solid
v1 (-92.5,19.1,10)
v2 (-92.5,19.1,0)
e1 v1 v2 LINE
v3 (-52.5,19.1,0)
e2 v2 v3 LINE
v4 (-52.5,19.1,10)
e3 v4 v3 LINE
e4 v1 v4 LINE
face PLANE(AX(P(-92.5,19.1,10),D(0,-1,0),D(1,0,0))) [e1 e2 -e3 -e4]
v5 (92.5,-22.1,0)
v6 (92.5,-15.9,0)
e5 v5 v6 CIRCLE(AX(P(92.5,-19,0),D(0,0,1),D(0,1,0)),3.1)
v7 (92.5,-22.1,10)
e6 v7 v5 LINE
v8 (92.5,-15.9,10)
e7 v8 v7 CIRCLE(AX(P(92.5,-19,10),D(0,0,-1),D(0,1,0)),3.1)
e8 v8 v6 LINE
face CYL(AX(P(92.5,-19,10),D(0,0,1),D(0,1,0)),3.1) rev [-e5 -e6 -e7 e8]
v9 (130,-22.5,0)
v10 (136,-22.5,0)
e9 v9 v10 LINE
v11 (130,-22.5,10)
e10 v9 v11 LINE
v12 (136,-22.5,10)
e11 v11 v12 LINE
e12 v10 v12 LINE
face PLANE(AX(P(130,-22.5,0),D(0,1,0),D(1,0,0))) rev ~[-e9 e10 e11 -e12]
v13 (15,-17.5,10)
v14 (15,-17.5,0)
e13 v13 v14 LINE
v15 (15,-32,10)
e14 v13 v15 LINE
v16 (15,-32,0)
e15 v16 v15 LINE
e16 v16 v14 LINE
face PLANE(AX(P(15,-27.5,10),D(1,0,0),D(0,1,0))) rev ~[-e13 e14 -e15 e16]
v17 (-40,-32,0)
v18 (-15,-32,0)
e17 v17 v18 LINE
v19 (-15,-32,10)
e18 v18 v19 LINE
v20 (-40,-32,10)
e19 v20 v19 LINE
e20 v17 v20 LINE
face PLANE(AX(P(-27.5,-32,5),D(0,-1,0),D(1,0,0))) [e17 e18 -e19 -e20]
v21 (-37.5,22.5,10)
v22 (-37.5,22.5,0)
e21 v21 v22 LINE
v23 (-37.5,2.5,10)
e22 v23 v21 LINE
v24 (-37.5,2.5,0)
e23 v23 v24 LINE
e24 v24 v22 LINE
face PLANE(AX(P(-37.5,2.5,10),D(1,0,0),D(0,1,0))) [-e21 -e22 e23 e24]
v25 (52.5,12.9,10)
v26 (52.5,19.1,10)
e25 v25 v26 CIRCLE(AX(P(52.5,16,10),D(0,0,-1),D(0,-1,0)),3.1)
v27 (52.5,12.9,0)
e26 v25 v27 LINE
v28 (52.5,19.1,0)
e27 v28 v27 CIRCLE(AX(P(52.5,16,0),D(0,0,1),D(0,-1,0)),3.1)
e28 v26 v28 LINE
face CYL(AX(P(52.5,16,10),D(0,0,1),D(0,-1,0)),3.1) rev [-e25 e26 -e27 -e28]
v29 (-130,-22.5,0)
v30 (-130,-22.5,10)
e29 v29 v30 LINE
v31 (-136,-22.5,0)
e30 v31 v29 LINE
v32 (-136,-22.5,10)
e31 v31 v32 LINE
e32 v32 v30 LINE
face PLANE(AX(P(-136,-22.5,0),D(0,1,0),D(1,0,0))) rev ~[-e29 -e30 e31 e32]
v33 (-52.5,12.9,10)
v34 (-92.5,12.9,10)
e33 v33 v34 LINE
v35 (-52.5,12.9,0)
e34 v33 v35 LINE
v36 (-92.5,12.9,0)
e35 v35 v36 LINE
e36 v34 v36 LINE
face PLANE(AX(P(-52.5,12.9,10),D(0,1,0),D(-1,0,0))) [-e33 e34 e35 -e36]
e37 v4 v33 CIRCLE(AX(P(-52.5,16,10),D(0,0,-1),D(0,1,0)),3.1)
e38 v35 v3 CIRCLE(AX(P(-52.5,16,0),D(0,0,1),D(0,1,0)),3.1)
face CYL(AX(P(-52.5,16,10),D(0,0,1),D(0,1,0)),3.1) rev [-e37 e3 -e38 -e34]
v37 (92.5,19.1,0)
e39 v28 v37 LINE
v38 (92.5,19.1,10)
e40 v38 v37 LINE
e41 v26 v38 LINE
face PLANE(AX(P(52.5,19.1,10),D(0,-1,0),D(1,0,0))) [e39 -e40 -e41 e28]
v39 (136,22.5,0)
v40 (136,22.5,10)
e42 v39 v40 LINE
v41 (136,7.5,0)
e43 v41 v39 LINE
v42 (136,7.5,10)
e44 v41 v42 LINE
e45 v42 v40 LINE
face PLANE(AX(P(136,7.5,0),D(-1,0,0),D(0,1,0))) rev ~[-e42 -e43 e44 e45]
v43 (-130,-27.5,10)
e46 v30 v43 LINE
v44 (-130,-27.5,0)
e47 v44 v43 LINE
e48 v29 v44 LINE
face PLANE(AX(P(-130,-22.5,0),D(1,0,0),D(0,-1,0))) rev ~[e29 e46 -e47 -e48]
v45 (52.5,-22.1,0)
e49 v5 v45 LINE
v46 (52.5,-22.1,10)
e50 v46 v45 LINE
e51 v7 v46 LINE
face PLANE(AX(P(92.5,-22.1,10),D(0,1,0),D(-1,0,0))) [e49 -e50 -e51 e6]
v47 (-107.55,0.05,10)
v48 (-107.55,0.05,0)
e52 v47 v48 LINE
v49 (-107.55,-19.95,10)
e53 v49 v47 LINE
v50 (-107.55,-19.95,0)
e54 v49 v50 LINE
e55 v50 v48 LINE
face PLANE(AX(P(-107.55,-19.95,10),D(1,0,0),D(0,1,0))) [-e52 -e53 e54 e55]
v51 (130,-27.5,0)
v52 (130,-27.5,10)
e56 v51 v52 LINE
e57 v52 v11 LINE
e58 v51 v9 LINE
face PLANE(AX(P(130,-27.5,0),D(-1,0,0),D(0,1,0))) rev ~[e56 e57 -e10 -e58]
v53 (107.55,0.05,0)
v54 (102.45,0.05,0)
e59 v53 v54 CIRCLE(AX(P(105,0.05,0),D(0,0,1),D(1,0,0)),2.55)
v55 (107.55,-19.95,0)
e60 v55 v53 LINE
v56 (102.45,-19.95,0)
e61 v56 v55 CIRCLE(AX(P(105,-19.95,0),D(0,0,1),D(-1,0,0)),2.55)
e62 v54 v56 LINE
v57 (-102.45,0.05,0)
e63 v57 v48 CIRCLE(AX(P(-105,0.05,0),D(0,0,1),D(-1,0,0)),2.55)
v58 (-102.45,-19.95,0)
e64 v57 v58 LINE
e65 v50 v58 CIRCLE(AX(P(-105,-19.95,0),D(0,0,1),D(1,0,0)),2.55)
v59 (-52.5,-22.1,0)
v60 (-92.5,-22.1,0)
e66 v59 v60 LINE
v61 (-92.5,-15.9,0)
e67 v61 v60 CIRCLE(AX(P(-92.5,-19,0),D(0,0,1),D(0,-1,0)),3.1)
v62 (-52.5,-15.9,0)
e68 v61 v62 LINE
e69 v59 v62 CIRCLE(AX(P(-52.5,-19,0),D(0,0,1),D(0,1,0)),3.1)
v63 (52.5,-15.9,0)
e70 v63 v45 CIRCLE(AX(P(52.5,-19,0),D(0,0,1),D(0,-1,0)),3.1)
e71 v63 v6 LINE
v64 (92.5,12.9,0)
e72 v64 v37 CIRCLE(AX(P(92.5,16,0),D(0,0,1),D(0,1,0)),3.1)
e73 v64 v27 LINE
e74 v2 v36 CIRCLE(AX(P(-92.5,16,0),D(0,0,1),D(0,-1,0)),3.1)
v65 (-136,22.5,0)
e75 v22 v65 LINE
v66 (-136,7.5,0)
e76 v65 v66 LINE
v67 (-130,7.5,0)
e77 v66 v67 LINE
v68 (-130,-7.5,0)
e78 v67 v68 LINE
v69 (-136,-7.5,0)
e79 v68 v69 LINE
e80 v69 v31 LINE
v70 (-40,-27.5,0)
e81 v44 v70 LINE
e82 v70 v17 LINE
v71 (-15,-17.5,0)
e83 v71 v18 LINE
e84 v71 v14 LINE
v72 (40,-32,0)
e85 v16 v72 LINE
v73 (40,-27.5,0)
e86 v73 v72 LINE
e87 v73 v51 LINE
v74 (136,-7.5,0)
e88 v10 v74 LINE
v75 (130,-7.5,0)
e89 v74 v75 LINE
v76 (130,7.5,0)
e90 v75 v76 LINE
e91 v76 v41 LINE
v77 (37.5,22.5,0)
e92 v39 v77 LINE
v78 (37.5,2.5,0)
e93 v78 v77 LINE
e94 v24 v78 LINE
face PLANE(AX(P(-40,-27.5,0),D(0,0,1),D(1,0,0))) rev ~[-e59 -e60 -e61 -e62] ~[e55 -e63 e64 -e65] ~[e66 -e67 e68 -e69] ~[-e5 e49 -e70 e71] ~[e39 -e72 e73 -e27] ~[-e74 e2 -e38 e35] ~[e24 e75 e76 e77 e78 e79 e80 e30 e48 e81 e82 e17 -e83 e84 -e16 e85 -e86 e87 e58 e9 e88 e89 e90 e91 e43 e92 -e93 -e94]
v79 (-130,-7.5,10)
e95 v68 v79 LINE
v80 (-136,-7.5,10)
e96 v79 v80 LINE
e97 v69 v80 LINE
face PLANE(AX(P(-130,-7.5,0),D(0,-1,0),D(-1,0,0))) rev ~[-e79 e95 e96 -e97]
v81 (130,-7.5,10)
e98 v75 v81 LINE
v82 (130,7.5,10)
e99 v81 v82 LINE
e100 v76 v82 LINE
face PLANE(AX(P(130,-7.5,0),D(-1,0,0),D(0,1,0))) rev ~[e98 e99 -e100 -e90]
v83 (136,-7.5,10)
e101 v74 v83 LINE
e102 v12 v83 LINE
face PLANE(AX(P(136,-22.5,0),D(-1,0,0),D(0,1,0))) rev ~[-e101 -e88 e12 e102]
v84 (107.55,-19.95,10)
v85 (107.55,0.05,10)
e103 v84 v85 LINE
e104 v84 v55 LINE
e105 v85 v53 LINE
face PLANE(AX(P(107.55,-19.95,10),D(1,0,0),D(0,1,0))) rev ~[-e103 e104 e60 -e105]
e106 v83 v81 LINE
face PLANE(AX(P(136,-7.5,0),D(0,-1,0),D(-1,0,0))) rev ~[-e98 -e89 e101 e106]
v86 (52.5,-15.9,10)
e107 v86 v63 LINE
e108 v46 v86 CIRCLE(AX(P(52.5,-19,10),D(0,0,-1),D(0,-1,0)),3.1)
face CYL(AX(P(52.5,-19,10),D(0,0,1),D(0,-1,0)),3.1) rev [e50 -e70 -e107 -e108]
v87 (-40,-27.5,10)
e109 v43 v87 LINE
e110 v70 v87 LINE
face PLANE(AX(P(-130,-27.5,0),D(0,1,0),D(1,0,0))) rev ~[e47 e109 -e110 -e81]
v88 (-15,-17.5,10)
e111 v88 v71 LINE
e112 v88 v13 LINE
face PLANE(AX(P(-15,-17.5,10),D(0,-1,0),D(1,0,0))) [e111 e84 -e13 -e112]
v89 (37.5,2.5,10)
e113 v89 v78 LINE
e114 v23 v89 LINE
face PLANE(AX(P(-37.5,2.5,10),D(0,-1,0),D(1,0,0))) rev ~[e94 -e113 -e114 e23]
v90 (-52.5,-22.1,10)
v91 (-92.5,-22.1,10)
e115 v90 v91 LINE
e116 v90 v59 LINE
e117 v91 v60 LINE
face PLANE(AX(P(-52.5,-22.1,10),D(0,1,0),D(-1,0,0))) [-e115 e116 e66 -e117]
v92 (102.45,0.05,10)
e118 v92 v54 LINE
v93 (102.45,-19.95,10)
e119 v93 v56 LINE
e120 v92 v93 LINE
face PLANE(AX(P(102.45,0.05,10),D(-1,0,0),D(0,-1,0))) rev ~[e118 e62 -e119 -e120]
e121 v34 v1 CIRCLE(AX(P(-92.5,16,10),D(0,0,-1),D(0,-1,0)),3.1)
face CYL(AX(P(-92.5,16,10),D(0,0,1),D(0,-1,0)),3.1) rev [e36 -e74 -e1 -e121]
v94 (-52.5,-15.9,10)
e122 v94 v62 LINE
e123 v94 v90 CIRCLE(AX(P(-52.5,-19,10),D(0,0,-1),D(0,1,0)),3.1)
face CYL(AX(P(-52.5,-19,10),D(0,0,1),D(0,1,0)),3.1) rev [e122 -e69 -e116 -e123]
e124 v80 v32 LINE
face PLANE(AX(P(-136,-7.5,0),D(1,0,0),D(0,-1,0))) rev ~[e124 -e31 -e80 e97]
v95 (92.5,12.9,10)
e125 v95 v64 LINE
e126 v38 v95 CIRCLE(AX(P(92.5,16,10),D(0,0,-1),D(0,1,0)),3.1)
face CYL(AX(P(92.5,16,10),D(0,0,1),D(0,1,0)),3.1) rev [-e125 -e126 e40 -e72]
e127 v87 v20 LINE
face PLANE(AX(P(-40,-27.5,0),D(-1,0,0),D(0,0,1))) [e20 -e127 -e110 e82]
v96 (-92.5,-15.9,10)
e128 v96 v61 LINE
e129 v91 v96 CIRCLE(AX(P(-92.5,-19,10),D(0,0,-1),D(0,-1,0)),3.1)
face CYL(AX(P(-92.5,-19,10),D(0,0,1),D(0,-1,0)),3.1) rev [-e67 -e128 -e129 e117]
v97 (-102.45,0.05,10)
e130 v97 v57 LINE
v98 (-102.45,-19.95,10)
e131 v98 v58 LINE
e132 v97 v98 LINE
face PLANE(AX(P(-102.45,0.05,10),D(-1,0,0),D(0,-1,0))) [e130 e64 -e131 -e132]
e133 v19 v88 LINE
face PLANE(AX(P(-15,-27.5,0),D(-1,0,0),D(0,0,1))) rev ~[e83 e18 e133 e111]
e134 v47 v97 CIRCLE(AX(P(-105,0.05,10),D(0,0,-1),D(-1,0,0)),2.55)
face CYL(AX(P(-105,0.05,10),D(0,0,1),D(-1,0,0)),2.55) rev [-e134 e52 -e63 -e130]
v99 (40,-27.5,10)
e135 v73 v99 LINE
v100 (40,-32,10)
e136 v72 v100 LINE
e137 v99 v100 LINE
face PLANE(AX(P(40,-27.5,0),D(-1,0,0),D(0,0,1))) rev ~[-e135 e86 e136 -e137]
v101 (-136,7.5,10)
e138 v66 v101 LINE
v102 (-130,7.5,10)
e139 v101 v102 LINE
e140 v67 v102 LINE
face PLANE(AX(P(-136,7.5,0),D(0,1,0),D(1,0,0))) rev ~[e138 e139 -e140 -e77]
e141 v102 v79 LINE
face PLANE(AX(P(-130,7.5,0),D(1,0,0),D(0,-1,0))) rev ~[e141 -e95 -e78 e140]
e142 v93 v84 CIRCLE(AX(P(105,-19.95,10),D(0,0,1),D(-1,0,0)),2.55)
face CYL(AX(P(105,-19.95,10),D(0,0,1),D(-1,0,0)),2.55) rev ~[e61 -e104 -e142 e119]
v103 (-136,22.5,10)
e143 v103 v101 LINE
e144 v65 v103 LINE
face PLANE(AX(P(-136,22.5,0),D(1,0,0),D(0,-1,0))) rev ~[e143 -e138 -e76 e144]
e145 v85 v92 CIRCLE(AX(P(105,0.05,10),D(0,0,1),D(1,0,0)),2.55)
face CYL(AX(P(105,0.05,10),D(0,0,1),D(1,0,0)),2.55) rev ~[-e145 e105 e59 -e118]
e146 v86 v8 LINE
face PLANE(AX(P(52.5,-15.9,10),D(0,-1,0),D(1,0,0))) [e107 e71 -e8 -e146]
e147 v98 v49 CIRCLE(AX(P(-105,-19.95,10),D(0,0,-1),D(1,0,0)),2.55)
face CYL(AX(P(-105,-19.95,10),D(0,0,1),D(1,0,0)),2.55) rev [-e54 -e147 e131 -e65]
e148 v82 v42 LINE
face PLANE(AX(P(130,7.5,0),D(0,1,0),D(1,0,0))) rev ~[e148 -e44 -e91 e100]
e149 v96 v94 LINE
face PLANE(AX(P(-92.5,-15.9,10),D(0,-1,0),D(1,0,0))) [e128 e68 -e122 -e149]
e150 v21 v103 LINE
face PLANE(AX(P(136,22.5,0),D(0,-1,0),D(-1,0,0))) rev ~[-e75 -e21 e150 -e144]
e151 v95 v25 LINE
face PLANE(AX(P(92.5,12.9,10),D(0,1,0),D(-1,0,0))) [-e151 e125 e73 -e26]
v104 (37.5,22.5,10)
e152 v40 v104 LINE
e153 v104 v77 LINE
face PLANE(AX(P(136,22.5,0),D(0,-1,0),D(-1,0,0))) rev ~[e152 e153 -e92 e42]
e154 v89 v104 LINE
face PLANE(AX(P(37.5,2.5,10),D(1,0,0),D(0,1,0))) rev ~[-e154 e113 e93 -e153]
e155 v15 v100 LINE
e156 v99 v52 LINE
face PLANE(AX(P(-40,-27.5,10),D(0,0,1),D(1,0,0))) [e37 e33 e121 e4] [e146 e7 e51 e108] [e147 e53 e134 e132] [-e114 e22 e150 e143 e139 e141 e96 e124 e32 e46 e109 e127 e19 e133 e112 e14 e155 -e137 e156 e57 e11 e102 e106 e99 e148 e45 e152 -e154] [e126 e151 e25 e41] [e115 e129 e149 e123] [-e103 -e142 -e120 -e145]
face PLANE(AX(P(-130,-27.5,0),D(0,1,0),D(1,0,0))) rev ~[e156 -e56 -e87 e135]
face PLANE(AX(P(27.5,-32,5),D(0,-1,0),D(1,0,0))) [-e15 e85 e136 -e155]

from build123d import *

# Parameters (mm, degrees)
EXTRUDE_1_DEPTH     = 10
CUT_EXTRUDE_1_DEPTH = 140.112364655
SKETCH_3_W          = 30
SKETCH_3_H          = 10
SKETCH_3_W_2        = 75
SKETCH_3_H_2        = 20
CUT_EXTRUDE_2_DEPTH = 140.112364655
SKETCH_4_W          = 25
SKETCH_4_H          = 10
EXTRUDE_2_DEPTH     = 4.5


with BuildPart() as part:
    # 草圖1 → 填料-伸長1 (new body)
    with BuildSketch(Plane.XY):
        Polygon((136, -22.5), (136, -7.5), (130, -7.5), (130, 7.5), (136, 7.5), (136, 22.5), (-136, 22.5), (-136, 7.5), (-130, 7.5), (-130, -7.5), (-136, -7.5), (-136, -22.5), (-130, -22.5), (-130, -27.5), (130, -27.5), (130, -22.5), align=None)
    extrude(amount=EXTRUDE_1_DEPTH)

    # 草圖2 → 除料-伸長1 (cut, through all)
    with BuildSketch(Plane.XY.offset(10)):
        with BuildLine():
            Line((-92.5, 19.1), (-52.5, 19.1))
            ThreePointArc((-52.5, 19.1), (-49.4, 16), (-52.5, 12.9))
            Line((-52.5, 12.9), (-92.5, 12.9))
            ThreePointArc((-92.5, 12.9), (-95.6, 16), (-92.5, 19.1))
        make_face()
        with BuildLine():
            Line((-92.5, -15.9), (-52.5, -15.9))
            ThreePointArc((-52.5, -15.9), (-49.4, -19), (-52.5, -22.1))
            Line((-52.5, -22.1), (-92.5, -22.1))
            ThreePointArc((-92.5, -22.1), (-95.6, -19), (-92.5, -15.9))
        make_face()
        with BuildLine():
            Line((52.5, 19.1), (92.5, 19.1))
            ThreePointArc((92.5, 19.1), (95.6, 16), (92.5, 12.9))
            Line((92.5, 12.9), (52.5, 12.9))
            ThreePointArc((52.5, 12.9), (49.4, 16), (52.5, 19.1))
        make_face()
        with BuildLine():
            Line((52.5, -15.9), (92.5, -15.9))
            ThreePointArc((92.5, -15.9), (95.6, -19), (92.5, -22.1))
            Line((92.5, -22.1), (52.5, -22.1))
            ThreePointArc((52.5, -22.1), (49.4, -19), (52.5, -15.9))
        make_face()
    extrude(amount=-CUT_EXTRUDE_1_DEPTH, mode=Mode.SUBTRACT)

    # 草圖3 → 除料-伸長2 (cut, through all)
    with BuildSketch(Plane.XY.offset(10)):
        with Locations((0, -22.5)):
            Rectangle(SKETCH_3_W, SKETCH_3_H)
        with Locations((0, 12.5)):
            Rectangle(SKETCH_3_W_2, SKETCH_3_H_2)
        with BuildLine():
            Line((-102.45, 0.05), (-102.45, -19.95))
            ThreePointArc((-102.45, -19.95), (-105, -22.5), (-107.55, -19.95))
            Line((-107.55, -19.95), (-107.55, 0.05))
            ThreePointArc((-107.55, 0.05), (-105, 2.6), (-102.45, 0.05))
        make_face()
        with BuildLine():
            Line((102.45, 0.05), (102.45, -19.95))
            ThreePointArc((102.45, -19.95), (105, -22.5), (107.55, -19.95))
            Line((107.55, -19.95), (107.55, 0.05))
            ThreePointArc((107.55, 0.05), (105, 2.6), (102.45, 0.05))
        make_face()
    extrude(amount=-CUT_EXTRUDE_2_DEPTH, mode=Mode.SUBTRACT)

    # 草圖4 → 填料-伸長2 (add)
    with BuildSketch(Plane.XZ.offset(27.5)):
        with Locations((-27.5, 5)):
            Rectangle(SKETCH_4_W, SKETCH_4_H)
        with Locations((27.5, 5)):
            Rectangle(SKETCH_4_W, SKETCH_4_H)
    extrude(amount=EXTRUDE_2_DEPTH)


solid = part.part
